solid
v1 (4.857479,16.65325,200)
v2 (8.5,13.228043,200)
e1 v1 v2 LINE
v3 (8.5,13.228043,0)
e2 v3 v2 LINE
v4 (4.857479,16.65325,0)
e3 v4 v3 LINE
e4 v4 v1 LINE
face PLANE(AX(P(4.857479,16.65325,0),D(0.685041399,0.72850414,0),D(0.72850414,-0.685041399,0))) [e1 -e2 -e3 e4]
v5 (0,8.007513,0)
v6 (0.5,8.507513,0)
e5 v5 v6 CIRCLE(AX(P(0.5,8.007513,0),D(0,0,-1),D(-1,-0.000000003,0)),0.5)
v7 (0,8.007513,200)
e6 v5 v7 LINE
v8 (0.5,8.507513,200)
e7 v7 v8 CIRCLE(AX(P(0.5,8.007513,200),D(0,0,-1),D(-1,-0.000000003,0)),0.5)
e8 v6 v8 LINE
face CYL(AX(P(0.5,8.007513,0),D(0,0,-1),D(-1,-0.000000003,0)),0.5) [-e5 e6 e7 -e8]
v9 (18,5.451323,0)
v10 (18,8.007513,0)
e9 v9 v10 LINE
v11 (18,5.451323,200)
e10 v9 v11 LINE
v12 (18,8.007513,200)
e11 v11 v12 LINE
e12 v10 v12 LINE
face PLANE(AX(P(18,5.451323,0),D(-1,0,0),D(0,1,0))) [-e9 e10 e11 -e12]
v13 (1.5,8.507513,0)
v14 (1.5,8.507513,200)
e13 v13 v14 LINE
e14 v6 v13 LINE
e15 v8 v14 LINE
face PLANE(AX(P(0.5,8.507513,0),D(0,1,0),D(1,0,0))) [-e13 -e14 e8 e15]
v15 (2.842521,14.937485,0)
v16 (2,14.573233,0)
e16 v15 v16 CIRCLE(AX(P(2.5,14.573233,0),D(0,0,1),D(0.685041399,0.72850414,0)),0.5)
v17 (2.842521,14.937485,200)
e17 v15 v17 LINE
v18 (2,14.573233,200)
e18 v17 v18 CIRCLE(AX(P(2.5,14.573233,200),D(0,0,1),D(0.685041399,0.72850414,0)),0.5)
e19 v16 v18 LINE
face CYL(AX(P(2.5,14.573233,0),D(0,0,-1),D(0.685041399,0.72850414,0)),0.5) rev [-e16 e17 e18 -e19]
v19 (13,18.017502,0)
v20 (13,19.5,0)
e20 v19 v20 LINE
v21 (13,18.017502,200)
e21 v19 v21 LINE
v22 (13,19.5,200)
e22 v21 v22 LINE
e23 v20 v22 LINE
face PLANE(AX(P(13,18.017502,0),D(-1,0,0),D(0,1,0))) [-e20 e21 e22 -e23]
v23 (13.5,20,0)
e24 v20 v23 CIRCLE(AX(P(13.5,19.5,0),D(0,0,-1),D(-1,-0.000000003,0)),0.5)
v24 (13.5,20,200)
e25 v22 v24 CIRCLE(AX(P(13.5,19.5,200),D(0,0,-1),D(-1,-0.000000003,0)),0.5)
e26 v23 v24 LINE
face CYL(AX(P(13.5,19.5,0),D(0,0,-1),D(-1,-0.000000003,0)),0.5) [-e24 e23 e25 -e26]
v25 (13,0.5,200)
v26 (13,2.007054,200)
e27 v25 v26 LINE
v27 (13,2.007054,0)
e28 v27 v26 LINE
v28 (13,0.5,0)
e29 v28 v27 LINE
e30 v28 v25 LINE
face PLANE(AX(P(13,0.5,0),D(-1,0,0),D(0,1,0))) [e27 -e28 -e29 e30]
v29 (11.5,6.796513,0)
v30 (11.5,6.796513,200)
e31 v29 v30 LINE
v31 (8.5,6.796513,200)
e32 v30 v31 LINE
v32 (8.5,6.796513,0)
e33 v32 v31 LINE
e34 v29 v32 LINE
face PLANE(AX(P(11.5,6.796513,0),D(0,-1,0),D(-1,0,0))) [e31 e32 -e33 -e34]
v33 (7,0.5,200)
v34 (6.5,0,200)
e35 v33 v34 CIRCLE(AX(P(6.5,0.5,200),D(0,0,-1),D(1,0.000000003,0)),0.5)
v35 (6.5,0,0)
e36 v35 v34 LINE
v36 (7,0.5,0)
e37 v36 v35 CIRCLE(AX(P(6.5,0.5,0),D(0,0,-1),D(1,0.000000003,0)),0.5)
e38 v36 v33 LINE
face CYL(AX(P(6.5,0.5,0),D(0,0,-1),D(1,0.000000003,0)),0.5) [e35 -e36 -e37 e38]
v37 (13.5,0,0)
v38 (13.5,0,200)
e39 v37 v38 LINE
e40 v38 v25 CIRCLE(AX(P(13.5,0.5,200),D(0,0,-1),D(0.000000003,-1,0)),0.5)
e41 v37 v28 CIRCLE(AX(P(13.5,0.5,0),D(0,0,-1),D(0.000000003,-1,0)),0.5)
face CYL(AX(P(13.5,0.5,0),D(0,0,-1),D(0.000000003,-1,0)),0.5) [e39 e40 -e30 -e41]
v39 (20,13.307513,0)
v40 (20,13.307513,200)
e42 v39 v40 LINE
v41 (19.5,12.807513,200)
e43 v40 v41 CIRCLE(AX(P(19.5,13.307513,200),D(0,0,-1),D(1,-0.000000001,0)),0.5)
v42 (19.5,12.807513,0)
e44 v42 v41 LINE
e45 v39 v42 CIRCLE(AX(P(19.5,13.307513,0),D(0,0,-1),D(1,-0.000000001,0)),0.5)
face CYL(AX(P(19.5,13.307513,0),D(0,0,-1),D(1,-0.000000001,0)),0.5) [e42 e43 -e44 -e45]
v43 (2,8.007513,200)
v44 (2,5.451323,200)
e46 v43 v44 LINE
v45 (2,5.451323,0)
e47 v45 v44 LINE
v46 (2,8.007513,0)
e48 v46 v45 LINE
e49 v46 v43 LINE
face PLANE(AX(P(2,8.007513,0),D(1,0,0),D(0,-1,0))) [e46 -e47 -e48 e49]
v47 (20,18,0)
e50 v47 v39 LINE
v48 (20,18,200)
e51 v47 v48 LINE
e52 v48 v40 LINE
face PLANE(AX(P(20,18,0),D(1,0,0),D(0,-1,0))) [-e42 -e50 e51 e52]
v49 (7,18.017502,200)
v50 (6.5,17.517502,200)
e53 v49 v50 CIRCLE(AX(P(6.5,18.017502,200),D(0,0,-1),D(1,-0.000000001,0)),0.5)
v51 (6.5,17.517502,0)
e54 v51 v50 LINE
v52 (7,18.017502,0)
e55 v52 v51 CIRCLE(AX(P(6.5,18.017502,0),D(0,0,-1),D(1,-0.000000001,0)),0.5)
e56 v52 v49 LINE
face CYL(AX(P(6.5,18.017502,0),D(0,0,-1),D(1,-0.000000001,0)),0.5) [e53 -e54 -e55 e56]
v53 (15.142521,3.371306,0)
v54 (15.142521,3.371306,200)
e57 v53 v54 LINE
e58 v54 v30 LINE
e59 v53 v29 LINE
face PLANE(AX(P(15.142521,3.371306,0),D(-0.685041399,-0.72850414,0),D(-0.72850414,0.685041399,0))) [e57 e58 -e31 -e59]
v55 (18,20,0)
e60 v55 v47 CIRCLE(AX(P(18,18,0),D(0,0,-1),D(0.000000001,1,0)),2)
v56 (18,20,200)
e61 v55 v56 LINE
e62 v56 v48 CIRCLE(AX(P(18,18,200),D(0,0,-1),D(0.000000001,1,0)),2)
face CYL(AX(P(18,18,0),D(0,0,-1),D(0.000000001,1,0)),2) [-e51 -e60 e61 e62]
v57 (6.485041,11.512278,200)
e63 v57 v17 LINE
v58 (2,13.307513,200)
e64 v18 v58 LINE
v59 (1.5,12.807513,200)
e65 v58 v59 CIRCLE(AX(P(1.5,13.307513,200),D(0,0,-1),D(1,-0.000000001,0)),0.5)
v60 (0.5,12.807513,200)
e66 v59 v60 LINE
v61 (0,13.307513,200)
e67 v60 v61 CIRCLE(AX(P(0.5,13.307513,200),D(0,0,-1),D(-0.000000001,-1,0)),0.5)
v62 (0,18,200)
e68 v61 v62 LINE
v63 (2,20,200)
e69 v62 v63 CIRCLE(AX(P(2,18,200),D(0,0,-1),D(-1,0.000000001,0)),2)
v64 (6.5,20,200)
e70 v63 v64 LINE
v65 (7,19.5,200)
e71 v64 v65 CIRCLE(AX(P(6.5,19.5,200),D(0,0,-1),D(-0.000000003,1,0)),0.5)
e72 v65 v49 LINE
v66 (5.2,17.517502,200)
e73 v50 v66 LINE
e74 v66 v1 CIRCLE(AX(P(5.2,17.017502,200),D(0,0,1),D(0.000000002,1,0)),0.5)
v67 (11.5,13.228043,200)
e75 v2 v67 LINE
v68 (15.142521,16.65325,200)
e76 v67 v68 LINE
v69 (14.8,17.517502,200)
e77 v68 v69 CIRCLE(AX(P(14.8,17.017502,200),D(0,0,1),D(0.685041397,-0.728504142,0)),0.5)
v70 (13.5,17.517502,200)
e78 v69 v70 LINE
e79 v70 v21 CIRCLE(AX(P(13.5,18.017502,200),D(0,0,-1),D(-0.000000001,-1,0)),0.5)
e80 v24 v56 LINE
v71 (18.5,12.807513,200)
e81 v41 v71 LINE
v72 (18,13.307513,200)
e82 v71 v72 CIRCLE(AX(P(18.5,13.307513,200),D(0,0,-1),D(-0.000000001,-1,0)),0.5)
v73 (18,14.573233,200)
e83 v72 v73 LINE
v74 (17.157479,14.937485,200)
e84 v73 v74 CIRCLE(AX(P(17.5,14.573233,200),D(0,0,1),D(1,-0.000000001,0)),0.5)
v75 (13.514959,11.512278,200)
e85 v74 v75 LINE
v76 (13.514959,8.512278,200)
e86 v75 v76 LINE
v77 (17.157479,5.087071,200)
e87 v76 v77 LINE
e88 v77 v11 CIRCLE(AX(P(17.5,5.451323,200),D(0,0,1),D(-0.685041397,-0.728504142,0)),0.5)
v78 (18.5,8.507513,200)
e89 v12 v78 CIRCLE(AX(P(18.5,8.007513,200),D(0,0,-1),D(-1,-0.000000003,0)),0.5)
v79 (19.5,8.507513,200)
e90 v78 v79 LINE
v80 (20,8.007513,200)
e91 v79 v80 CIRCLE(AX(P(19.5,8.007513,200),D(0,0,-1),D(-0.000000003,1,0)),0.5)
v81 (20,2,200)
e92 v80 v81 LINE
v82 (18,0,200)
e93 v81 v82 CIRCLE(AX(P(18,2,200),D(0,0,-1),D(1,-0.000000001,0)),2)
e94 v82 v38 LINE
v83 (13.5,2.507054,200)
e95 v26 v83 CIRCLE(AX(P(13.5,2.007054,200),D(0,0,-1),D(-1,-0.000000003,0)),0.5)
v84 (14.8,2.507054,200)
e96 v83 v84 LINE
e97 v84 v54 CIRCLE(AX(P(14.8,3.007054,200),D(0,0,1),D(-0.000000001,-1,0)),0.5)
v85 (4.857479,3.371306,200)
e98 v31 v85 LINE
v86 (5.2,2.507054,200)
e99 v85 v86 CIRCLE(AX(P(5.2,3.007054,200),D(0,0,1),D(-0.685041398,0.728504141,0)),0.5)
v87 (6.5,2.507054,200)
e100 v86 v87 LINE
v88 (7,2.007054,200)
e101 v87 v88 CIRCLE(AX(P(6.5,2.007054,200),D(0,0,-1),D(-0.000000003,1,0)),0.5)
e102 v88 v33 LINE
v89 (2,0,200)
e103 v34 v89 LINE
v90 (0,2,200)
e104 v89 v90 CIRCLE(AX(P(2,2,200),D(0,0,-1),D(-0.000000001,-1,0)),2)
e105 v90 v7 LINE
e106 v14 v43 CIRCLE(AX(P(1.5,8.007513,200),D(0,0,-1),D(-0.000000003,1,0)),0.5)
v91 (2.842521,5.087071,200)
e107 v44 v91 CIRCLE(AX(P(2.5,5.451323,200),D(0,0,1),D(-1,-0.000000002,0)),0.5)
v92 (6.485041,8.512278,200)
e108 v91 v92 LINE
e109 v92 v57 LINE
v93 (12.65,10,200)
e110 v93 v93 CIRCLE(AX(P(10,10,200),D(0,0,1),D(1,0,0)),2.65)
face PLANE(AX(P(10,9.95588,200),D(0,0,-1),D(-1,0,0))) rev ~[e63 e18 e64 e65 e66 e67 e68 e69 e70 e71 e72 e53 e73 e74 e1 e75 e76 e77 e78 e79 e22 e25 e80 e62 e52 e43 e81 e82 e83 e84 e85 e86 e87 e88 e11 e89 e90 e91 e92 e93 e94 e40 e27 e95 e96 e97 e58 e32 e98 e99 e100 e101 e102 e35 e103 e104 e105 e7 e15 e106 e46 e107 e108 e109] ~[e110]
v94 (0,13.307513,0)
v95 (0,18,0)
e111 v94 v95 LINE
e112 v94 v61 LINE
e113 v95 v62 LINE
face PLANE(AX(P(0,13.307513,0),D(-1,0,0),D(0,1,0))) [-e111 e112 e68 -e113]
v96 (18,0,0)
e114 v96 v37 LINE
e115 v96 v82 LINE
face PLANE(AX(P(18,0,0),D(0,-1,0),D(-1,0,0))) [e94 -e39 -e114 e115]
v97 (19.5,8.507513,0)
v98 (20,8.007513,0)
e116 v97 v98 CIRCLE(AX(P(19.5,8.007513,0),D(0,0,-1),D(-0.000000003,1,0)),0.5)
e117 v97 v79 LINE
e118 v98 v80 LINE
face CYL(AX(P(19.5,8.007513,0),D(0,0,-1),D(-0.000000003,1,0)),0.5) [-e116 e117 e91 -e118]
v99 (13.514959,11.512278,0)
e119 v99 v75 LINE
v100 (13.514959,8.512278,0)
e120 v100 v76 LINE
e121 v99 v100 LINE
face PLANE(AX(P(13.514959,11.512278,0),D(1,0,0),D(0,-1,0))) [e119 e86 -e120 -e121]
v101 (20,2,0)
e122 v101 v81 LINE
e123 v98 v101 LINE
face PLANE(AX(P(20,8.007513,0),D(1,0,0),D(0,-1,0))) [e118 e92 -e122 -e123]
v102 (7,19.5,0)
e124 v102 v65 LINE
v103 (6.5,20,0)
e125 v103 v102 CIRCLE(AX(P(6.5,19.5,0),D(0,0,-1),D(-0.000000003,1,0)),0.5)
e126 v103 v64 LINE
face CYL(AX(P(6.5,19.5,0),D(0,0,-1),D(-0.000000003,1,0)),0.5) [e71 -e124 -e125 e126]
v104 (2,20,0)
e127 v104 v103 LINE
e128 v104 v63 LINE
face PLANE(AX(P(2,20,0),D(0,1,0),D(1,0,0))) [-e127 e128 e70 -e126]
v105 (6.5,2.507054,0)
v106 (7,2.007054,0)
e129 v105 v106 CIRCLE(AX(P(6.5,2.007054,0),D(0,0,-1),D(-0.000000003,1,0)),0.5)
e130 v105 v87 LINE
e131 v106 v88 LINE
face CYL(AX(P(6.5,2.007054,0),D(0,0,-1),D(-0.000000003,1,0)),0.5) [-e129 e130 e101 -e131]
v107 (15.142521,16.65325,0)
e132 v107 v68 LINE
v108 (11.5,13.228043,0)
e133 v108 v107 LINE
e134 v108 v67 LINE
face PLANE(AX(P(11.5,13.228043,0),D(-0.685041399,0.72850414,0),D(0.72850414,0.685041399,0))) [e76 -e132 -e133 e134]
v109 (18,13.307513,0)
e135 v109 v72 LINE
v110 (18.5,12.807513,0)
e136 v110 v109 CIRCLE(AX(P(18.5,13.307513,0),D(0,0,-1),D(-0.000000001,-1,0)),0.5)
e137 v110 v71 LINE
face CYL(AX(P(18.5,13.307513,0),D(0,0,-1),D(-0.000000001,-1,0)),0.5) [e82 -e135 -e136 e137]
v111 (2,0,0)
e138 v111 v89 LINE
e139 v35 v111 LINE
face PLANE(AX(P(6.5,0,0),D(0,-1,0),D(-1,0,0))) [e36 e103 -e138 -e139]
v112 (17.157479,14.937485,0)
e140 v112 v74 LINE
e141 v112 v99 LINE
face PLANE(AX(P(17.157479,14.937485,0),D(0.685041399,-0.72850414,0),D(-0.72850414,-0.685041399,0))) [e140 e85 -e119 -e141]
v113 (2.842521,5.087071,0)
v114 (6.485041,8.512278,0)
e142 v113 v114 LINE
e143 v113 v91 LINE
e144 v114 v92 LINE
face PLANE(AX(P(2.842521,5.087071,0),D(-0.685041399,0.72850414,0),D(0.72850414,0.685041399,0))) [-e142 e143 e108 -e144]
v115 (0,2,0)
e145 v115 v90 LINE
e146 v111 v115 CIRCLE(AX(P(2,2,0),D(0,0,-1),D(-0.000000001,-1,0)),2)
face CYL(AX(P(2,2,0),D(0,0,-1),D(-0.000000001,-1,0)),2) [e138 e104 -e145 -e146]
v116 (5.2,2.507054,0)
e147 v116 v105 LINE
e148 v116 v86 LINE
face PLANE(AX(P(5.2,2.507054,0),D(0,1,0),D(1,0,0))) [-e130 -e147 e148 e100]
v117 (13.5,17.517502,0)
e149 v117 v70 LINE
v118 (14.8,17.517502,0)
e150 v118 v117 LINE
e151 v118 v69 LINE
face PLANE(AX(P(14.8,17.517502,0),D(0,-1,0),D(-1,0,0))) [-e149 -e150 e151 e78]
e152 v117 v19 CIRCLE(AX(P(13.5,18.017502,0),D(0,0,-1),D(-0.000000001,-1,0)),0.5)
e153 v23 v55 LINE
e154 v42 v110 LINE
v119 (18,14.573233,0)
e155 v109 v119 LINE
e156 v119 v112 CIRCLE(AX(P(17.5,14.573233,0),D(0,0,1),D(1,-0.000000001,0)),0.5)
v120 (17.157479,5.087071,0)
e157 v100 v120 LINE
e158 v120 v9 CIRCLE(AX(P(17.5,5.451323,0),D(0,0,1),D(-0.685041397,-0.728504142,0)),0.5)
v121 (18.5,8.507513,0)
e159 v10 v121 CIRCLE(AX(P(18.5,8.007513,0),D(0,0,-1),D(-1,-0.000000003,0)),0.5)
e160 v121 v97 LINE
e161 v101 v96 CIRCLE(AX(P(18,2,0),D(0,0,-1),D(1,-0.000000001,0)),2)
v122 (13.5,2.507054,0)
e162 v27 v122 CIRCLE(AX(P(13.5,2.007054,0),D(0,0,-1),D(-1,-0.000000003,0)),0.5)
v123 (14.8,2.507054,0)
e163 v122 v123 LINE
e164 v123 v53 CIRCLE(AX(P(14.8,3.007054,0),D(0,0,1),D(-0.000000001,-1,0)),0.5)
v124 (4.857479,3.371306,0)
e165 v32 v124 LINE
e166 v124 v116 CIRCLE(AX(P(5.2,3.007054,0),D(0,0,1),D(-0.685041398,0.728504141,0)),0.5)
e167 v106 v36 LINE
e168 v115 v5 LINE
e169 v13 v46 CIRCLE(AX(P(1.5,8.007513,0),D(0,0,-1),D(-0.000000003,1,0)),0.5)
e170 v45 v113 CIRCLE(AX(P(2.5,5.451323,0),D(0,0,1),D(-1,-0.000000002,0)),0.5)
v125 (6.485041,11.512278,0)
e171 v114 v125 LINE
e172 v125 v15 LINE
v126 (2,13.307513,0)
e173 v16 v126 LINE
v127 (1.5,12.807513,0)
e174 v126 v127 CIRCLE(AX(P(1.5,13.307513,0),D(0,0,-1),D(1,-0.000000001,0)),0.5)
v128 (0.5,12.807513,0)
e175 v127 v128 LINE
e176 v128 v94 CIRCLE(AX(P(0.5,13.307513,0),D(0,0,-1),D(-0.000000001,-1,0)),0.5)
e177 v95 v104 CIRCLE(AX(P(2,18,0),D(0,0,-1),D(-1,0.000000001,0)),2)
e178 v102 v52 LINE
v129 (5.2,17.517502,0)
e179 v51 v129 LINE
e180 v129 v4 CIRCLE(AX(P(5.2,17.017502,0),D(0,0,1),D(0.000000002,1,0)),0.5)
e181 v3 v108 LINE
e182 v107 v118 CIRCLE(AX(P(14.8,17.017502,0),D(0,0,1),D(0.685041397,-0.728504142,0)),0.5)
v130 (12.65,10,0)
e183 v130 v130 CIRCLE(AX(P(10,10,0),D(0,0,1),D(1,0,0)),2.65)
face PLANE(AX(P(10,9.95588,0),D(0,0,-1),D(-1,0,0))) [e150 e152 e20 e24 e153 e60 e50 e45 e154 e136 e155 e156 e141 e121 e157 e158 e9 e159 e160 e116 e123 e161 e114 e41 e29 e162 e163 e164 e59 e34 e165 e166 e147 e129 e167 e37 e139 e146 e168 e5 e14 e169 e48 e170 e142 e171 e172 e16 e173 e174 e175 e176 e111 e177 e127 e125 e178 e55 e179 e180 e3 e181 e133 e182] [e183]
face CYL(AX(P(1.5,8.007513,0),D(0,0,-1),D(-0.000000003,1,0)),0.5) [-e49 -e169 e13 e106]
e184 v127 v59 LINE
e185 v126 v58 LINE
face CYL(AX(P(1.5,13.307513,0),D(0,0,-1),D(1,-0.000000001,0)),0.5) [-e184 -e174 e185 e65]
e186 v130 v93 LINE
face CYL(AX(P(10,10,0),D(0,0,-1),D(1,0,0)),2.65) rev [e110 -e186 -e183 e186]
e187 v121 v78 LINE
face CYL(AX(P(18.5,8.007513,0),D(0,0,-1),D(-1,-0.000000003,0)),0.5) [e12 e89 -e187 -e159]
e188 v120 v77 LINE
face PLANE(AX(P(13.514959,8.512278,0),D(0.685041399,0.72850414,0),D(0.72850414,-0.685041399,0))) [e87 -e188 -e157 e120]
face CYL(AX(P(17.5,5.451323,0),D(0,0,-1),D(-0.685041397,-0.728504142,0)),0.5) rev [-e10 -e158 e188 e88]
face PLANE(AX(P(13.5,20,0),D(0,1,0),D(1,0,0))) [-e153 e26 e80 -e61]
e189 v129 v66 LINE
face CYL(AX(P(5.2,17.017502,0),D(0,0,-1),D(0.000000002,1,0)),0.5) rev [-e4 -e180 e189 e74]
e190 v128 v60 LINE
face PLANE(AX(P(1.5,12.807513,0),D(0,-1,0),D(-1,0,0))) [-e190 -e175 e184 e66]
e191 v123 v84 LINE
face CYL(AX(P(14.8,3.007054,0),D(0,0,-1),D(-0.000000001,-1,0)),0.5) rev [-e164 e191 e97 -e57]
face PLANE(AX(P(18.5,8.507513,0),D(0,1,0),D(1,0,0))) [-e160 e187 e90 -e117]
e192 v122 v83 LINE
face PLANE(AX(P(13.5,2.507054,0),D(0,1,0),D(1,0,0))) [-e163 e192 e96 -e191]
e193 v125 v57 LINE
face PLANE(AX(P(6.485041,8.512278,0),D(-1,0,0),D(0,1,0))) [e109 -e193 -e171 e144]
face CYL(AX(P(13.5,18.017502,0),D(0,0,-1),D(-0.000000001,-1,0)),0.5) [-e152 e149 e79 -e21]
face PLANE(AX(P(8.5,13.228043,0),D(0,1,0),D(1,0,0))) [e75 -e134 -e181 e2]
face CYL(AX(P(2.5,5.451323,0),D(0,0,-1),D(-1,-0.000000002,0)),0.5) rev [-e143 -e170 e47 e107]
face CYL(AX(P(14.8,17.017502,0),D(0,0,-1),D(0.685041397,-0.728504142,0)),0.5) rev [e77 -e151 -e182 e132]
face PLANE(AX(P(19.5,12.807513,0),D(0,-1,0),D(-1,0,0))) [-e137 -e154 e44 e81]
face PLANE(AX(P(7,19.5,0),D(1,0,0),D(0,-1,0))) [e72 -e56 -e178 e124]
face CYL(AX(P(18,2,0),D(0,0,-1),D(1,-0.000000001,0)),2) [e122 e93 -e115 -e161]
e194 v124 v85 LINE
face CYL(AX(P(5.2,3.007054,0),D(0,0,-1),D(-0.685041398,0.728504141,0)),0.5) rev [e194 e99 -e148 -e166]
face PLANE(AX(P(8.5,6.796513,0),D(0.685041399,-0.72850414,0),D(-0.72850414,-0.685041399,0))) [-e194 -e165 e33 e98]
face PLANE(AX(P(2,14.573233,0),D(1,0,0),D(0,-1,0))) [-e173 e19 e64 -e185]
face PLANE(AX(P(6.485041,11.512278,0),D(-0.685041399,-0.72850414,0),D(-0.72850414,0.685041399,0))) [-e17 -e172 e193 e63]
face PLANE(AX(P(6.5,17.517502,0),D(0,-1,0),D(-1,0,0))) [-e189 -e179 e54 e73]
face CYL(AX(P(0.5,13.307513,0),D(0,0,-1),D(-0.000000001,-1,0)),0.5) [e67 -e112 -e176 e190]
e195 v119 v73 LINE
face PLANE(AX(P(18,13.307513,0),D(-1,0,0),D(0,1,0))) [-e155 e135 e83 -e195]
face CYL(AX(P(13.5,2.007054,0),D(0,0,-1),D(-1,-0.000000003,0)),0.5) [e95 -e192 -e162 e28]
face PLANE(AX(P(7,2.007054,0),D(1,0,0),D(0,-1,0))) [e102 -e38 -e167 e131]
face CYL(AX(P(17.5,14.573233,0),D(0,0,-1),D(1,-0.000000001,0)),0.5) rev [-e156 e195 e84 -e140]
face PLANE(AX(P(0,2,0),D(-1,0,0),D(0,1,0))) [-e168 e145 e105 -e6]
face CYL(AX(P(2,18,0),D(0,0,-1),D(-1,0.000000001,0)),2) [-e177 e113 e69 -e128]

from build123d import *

# Parameters (mm, degrees)
SKETCH2_R           = 2.65
BOSS_EXTRUDE1_DEPTH = 200


with BuildPart() as part:
    # Sketch2 → Boss-Extrude1 (new body)
    with BuildSketch(Plane.XY):
        with BuildLine():
            Line((0, 2), (0, 8.007512652))
            ThreePointArc((0, 8.007512652), (0.146446609, 8.361066043), (0.5, 8.507512652))
            Line((0.5, 8.507512652), (1.5, 8.507512652))
            ThreePointArc((1.5, 8.507512652), (1.853553391, 8.361066043), (2, 8.007512652))
            Line((2, 8.007512652), (2, 5.451323229))
            ThreePointArc((2, 5.451323229), (2.301581692, 4.992378598), (2.842520699, 5.087071159))
            Line((2.842520699, 5.087071159), (6.485041399, 8.512278154))
            Line((6.485041399, 8.512278154), (6.485041399, 11.512278154))
            Line((6.485041399, 11.512278154), (2.842520699, 14.937485148))
            ThreePointArc((2.842520699, 14.937485148), (2.301581692, 15.03217771), (2, 14.573233078))
            Line((2, 14.573233078), (2, 13.307512652))
            ThreePointArc((2, 13.307512652), (1.853553391, 12.953959262), (1.5, 12.807512652))
            Line((1.5, 12.807512652), (0.5, 12.807512652))
            ThreePointArc((0.5, 12.807512652), (0.146446609, 12.953959262), (0, 13.307512652))
            Line((0, 13.307512652), (0, 18))
            ThreePointArc((0, 18), (0.585786438, 19.414213562), (2, 20))
            Line((2, 20), (6.5, 20))
            ThreePointArc((6.5, 20), (6.853553391, 19.853553391), (7, 19.5))
            Line((7, 19.5), (7, 18.017502122))
            ThreePointArc((7, 18.017502122), (6.853553391, 17.663948732), (6.5, 17.517502122))
            Line((6.5, 17.517502122), (5.2, 17.517502122))
            ThreePointArc((5.2, 17.517502122), (4.735174207, 17.201722052), (4.857479301, 16.653250052))
            Line((4.857479301, 16.653250052), (8.5, 13.228043058))
            Line((8.5, 13.228043058), (11.5, 13.228043058))
            Line((11.5, 13.228043058), (15.142520699, 16.653250052))
            ThreePointArc((15.142520699, 16.653250052), (15.264825793, 17.201722052), (14.8, 17.517502122))
            Line((14.8, 17.517502122), (13.5, 17.517502122))
            ThreePointArc((13.5, 17.517502122), (13.146446609, 17.663948732), (13, 18.017502122))
            Line((13, 18.017502122), (13, 19.5))
            ThreePointArc((13, 19.5), (13.146446609, 19.853553391), (13.5, 20))
            Line((13.5, 20), (18, 20))
            ThreePointArc((18, 20), (19.414213562, 19.414213562), (20, 18))
            Line((20, 18), (20, 13.307512652))
            ThreePointArc((20, 13.307512652), (19.853553391, 12.953959262), (19.5, 12.807512652))
            Line((19.5, 12.807512652), (18.5, 12.807512652))
            ThreePointArc((18.5, 12.807512652), (18.146446609, 12.953959262), (18, 13.307512652))
            Line((18, 13.307512652), (18, 14.573233078))
            ThreePointArc((18, 14.573233078), (17.698418308, 15.03217771), (17.157479301, 14.937485148))
            Line((17.157479301, 14.937485148), (13.514958601, 11.512278154))
            Line((13.514958601, 11.512278154), (13.514958601, 8.512278154))
            Line((13.514958601, 8.512278154), (17.157479301, 5.087071159))
            ThreePointArc((17.157479301, 5.087071159), (17.698418308, 4.992378598), (18, 5.451323229))
            Line((18, 5.451323229), (18, 8.007512652))
            ThreePointArc((18, 8.007512652), (18.146446609, 8.361066043), (18.5, 8.507512652))
            Line((18.5, 8.507512652), (19.5, 8.507512652))
            ThreePointArc((19.5, 8.507512652), (19.853553391, 8.361066043), (20, 8.007512652))
            Line((20, 8.007512652), (20, 2))
            ThreePointArc((20, 2), (19.414213562, 0.585786438), (18, 0))
            Line((18, 0), (13.5, 0))
            ThreePointArc((13.5, 0), (13.146446609, 0.146446609), (13, 0.5))
            Line((13, 0.5), (13, 2.007054185))
            ThreePointArc((13, 2.007054185), (13.146446609, 2.360607576), (13.5, 2.507054185))
            Line((13.5, 2.507054185), (14.8, 2.507054185))
            ThreePointArc((14.8, 2.507054185), (15.264825793, 2.822834256), (15.142520699, 3.371306255))
            Line((15.142520699, 3.371306255), (11.5, 6.79651325))
            Line((11.5, 6.79651325), (8.5, 6.79651325))
            Line((8.5, 6.79651325), (4.857479301, 3.371306255))
            ThreePointArc((4.857479301, 3.371306255), (4.735174207, 2.822834256), (5.2, 2.507054185))
            Line((5.2, 2.507054185), (6.5, 2.507054185))
            ThreePointArc((6.5, 2.507054185), (6.853553391, 2.360607576), (7, 2.007054185))
            Line((7, 2.007054185), (7, 0.5))
            ThreePointArc((7, 0.5), (6.853553391, 0.146446609), (6.5, 0))
            Line((6.5, 0), (2, 0))
            ThreePointArc((2, 0), (0.585786438, 0.585786438), (0, 2))
        make_face()
        with Locations((10, 10)):
            Circle(SKETCH2_R, mode=Mode.SUBTRACT)
    extrude(amount=BOSS_EXTRUDE1_DEPTH)


solid = part.part
